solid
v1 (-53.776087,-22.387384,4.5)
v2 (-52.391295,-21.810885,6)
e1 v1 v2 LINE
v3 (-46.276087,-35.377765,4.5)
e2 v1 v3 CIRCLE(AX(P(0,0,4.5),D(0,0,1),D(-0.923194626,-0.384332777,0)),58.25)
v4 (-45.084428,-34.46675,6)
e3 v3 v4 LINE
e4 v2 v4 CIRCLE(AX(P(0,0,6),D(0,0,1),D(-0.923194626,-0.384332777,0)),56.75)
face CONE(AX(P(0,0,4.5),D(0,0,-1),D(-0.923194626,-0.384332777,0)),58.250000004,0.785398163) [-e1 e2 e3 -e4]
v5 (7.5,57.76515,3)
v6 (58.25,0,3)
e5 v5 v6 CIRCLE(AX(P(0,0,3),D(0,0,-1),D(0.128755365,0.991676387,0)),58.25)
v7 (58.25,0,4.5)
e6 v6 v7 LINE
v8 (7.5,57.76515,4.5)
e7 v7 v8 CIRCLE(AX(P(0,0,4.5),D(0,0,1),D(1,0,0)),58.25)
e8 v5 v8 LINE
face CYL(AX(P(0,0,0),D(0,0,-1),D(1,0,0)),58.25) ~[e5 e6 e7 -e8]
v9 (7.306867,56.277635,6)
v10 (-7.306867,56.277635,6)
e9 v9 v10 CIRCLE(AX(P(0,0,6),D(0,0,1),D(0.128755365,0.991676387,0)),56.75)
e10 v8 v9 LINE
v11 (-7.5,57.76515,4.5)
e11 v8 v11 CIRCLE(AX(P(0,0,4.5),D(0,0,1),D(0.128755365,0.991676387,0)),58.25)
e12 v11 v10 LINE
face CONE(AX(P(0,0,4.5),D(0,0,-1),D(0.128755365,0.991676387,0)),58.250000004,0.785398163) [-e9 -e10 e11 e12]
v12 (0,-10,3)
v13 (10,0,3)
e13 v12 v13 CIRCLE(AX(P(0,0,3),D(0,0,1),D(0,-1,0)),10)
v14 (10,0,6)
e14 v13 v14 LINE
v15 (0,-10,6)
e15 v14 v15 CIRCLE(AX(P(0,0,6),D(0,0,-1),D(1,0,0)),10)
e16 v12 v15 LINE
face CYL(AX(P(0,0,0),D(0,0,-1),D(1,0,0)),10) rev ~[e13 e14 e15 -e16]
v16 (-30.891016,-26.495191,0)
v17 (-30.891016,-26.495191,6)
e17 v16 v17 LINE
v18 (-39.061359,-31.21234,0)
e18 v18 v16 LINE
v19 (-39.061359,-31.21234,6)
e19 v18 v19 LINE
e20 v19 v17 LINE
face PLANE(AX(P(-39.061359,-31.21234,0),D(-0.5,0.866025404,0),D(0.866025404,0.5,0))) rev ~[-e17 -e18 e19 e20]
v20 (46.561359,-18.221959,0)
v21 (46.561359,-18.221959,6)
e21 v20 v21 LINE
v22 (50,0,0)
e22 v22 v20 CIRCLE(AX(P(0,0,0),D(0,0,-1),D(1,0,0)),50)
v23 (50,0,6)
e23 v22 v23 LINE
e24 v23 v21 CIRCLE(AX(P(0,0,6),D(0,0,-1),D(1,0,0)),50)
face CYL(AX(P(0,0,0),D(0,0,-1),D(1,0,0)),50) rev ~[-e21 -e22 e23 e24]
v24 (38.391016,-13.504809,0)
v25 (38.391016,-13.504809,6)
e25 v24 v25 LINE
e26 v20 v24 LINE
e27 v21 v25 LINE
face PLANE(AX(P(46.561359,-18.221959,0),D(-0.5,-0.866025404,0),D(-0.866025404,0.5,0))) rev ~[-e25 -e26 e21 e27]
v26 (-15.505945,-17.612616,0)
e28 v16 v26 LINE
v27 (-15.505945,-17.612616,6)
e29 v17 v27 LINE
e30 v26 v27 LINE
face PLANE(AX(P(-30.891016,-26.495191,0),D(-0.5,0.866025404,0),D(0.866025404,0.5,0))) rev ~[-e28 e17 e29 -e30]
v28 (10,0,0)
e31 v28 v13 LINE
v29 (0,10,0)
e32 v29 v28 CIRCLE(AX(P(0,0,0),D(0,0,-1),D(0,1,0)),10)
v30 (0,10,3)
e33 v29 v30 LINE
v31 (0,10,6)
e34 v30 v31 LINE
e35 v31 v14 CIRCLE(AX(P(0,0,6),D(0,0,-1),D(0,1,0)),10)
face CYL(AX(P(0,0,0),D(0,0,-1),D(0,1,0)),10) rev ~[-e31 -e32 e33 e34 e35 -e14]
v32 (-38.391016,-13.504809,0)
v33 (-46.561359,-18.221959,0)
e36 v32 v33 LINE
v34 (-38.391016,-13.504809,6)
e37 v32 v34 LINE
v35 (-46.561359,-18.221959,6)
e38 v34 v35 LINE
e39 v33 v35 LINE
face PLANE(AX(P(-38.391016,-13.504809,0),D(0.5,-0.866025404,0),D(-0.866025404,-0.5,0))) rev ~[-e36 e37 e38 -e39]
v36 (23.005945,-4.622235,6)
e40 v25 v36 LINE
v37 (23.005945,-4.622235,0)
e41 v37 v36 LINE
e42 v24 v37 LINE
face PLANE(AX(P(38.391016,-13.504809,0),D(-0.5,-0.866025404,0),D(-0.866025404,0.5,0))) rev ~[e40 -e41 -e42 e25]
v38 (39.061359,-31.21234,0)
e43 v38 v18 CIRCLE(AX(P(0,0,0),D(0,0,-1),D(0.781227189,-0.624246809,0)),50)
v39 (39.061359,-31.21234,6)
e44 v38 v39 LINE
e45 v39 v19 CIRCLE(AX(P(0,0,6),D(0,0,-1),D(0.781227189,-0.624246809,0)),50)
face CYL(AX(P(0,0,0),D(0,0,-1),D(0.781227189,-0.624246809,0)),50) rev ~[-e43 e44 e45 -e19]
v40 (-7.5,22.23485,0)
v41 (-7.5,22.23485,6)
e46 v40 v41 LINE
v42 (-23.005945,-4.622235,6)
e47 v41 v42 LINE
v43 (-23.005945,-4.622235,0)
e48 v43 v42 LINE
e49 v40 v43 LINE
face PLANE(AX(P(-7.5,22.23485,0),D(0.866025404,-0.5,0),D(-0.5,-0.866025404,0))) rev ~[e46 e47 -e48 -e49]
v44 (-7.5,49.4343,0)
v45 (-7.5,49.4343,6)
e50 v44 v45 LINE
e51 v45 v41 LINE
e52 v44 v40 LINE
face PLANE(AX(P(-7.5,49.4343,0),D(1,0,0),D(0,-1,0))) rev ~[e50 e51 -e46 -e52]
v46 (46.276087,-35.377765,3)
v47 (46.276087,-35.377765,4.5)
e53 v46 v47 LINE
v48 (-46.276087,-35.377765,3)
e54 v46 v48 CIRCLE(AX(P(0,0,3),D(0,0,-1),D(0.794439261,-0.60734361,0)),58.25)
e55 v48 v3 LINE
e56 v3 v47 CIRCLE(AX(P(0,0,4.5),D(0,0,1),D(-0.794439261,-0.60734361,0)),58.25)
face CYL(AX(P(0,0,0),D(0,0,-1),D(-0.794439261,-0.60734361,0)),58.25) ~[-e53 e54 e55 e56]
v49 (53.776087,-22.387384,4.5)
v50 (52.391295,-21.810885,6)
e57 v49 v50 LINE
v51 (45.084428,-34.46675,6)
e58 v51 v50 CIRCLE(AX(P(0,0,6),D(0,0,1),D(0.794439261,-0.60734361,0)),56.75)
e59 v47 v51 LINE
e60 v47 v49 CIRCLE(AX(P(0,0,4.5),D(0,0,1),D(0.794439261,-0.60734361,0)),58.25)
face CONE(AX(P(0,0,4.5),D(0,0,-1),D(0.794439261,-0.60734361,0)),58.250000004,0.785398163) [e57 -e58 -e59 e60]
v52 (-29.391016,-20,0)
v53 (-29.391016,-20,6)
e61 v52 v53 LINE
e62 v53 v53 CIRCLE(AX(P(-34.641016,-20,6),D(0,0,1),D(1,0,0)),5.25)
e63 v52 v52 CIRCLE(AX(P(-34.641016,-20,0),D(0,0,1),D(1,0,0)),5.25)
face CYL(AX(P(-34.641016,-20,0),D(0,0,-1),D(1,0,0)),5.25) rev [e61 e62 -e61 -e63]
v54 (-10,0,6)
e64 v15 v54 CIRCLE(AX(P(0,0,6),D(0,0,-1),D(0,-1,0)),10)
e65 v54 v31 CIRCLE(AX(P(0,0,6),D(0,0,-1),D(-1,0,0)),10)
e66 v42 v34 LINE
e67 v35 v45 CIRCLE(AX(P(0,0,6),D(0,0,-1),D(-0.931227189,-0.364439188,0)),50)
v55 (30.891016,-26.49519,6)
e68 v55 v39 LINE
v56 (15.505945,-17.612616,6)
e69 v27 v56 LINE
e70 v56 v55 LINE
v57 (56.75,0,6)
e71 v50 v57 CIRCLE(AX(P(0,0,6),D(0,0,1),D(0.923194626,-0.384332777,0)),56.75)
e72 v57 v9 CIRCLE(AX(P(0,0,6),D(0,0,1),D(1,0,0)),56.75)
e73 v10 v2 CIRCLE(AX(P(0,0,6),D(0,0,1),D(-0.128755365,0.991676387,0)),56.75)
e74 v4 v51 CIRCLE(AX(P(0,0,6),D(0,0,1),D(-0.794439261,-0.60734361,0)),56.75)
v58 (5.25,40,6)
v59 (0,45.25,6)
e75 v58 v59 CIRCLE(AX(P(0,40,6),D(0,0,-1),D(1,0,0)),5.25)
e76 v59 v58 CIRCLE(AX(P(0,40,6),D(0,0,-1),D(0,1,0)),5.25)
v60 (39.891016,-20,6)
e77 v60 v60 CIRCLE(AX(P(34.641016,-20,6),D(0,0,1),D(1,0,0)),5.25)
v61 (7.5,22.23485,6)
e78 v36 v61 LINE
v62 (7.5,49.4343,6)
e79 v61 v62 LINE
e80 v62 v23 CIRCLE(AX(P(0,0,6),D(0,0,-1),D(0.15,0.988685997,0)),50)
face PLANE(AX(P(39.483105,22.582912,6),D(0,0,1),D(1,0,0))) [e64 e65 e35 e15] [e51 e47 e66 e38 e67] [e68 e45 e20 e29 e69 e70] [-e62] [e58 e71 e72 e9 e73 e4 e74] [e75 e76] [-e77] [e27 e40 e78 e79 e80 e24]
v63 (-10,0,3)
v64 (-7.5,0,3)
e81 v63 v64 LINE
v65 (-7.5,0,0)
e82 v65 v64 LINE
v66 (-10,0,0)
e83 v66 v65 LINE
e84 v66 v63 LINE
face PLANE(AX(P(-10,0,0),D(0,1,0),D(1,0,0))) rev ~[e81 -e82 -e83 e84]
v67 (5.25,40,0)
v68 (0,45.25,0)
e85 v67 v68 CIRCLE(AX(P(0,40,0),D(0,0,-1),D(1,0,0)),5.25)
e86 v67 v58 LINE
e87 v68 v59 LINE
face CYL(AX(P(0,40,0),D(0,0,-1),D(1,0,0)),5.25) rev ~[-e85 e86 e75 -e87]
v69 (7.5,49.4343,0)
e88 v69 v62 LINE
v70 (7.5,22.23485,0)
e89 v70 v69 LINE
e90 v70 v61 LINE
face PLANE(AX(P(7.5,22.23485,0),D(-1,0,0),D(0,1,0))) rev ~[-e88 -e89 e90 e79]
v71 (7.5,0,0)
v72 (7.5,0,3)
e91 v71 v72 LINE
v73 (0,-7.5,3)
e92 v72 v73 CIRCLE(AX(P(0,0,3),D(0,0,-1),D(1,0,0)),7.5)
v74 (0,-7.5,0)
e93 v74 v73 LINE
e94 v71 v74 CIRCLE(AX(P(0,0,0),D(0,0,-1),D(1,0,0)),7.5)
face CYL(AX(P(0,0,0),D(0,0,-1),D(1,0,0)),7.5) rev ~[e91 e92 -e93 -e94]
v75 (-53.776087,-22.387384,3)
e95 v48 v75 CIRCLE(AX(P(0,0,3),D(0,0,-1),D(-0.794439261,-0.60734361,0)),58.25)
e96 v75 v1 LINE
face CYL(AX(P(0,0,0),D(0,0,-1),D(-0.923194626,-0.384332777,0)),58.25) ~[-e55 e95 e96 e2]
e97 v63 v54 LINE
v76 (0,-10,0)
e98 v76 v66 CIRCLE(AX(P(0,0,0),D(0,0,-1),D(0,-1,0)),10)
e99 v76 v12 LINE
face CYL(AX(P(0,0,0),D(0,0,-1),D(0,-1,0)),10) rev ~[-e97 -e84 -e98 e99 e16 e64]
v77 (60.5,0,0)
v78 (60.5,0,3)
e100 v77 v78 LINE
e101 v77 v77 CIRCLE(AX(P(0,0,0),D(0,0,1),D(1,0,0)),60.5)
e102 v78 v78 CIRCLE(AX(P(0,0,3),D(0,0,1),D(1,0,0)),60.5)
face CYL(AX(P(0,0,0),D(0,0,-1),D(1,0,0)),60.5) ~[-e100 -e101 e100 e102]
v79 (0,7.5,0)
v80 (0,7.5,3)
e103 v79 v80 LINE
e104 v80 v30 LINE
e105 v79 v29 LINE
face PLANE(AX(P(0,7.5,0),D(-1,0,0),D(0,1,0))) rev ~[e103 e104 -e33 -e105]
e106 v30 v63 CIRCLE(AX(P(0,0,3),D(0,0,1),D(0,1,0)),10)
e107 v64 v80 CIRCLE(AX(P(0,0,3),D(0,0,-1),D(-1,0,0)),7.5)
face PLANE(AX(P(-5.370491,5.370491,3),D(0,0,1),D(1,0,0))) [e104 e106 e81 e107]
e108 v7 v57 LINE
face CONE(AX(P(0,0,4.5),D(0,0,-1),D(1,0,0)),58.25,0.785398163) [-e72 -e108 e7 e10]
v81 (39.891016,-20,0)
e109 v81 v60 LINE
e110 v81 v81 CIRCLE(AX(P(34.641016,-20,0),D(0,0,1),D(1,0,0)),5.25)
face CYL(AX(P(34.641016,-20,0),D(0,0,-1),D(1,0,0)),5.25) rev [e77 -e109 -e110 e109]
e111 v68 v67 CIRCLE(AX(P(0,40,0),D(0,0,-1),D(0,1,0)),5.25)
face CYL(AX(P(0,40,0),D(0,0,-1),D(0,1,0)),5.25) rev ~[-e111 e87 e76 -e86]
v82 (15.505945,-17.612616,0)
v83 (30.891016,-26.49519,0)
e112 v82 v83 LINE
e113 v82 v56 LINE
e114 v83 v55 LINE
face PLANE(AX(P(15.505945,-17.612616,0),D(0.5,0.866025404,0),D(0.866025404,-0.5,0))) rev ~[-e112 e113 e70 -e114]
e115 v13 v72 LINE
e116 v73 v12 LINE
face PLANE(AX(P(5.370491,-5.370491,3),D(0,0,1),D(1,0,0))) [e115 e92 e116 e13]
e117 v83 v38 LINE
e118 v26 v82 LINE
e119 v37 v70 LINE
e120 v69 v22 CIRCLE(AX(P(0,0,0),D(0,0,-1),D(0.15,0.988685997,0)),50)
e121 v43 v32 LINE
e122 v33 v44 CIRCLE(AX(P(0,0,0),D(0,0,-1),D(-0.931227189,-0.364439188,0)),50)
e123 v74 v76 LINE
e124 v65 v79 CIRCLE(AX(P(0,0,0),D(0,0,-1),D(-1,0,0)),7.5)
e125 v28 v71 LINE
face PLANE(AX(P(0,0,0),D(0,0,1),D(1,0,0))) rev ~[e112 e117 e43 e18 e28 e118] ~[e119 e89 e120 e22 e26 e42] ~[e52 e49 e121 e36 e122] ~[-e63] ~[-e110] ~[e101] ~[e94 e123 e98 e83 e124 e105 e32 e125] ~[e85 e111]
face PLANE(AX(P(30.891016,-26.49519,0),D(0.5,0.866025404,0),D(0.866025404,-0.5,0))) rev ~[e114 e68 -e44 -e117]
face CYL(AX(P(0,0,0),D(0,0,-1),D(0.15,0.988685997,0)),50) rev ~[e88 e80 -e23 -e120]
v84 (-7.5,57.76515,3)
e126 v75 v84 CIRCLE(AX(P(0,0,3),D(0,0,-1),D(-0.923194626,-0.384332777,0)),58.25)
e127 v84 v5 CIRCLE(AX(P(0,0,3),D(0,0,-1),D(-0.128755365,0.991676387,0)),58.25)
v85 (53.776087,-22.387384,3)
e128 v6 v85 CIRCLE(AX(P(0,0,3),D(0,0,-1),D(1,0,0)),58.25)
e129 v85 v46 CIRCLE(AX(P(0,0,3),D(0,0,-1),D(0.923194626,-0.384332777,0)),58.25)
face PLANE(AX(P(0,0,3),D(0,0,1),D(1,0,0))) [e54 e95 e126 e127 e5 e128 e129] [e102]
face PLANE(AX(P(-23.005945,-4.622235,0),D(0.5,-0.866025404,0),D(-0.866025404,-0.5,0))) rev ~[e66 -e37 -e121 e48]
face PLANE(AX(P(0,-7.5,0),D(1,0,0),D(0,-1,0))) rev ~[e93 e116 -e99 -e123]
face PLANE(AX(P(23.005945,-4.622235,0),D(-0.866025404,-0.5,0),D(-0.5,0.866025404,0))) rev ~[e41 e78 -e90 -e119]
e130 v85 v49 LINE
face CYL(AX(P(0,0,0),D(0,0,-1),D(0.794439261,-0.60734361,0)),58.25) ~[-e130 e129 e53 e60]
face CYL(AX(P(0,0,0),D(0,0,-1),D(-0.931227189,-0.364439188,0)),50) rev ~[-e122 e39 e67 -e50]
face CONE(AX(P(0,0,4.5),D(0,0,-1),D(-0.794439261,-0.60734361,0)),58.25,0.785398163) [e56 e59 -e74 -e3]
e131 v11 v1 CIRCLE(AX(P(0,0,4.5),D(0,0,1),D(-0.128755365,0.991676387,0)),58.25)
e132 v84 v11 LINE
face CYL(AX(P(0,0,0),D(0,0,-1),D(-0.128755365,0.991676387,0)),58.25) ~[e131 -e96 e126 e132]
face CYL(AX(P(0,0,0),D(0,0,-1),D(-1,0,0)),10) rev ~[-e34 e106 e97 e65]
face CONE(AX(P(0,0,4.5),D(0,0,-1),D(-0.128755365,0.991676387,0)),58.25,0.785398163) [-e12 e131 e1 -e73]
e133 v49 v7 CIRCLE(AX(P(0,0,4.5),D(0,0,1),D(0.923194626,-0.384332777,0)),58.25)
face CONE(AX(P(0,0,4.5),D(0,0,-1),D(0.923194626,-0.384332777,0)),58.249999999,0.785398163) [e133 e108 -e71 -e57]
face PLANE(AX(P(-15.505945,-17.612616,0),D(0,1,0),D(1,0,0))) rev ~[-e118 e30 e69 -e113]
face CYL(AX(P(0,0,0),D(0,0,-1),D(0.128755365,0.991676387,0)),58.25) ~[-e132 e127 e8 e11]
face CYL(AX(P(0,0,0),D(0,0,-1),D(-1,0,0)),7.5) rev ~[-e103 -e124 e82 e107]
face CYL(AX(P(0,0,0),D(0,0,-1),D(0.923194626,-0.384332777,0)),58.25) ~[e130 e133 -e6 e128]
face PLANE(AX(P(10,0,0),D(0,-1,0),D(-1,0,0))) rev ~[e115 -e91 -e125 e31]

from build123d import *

# Parameters (mm, degrees)
F0_R     = 5.25
F1_DEPTH = 6
F0_R_2   = 60.5
F2_DEPTH = 3
F3_SIZE  = 1.5


with BuildPart() as f1:
    # F0 (on Top) → F1 (new body)
    with BuildSketch(Plane.XY):
        with BuildLine():
            ThreePointArc((7.5, 49.4342998332), (37.9143772203, 32.596012026), (50, 0))
            ThreePointArc((50, 0), (49.1328198544, -9.2717858665), (46.5613594739, -18.2219593882))
            Line((46.5613594739, -18.2219593882), (53.7760869447, -22.3873842357))
            ThreePointArc((53.7760869447, -22.3873842357), (57.1205723209, -11.4150215828), (58.25, 0))
            ThreePointArc((58.25, 0), (43.7603559172, 38.4459848359), (7.5, 57.7651495281))
            Line((7.5, 57.7651495281), (7.5, 49.4342998332))
        make_face()
        with BuildLine():
            ThreePointArc((0, 50), (3.7606520937, 49.8583743801), (7.5, 49.4342998332))
            Line((7.5, 49.4342998332), (7.5, 57.7651495281))
            Line((7.5, 57.7651495281), (-7.5, 57.7651495281))
            Line((-7.5, 57.7651495281), (-7.5, 49.4342998332))
            ThreePointArc((-7.5, 49.4342998332), (-3.7606520937, 49.8583743801), (0, 50))
        make_face()
        with BuildLine():
            ThreePointArc((-46.5613594739, -18.2219593882), (-43.3012701892, 25), (-7.5, 49.4342998332))
            Line((-7.5, 49.4342998332), (-7.5, 57.7651495281))
            ThreePointArc((-7.5, 57.7651495281), (-50.4459797704, 29.125), (-53.7760869447, -22.3873842357))
            Line((-53.7760869447, -22.3873842357), (-46.5613594739, -18.2219593882))
        make_face()
        with BuildLine():
            Line((-46.2760869447, -35.3777652924), (-39.0613594739, -31.212340445))
            ThreePointArc((-39.0613594739, -31.212340445), (-43.3012701892, -25), (-46.5613594739, -18.2219593882))
            Line((-46.5613594739, -18.2219593882), (-53.7760869447, -22.3873842357))
            ThreePointArc((-53.7760869447, -22.3873842357), (-50.4459797704, -29.125), (-46.2760869447, -35.3777652924))
        make_face()
        with BuildLine():
            Line((46.2760869447, -35.3777652924), (39.0613594739, -31.212340445))
            ThreePointArc((39.0613594739, -31.212340445), (0, -50), (-39.0613594739, -31.212340445))
            Line((-39.0613594739, -31.212340445), (-46.2760869447, -35.3777652924))
            ThreePointArc((-46.2760869447, -35.3777652924), (0, -58.25), (46.2760869447, -35.3777652924))
        make_face()
        with BuildLine():
            Line((53.7760869447, -22.3873842357), (46.5613594739, -18.2219593882))
            ThreePointArc((46.5613594739, -18.2219593882), (43.3012701892, -25), (39.0613594739, -31.212340445))
            Line((39.0613594739, -31.212340445), (46.2760869447, -35.3777652924))
            ThreePointArc((46.2760869447, -35.3777652924), (50.4459797704, -29.125), (53.7760869447, -22.3873842357))
        make_face()
        with BuildLine():
            Line((-7.5, 57.7651495281), (7.5, 57.7651495281))
            ThreePointArc((7.5, 57.7651495281), (0, 58.25), (-7.5, 57.7651495281))
        make_face()
        with BuildLine():
            Line((7.5, 40), (7.5, 49.4342998332))
            ThreePointArc((7.5, 49.4342998332), (3.7606520937, 49.8583743801), (0, 50))
            Line((0, 50), (0, 47.5))
            ThreePointArc((0, 47.5), (5.3033008589, 45.3033008589), (7.5, 40))
        make_face()
        with BuildLine():
            Line((0, 47.5), (0, 50))
            ThreePointArc((0, 50), (-3.7606520937, 49.8583743801), (-7.5, 49.4342998332))
            Line((-7.5, 49.4342998332), (-7.5, 40))
            ThreePointArc((-7.5, 40), (-5.3033008589, 45.3033008589), (0, 47.5))
        make_face()
        with BuildLine():
            ThreePointArc((-7.5, 40), (0, 32.5), (7.5, 40))
            ThreePointArc((7.5, 40), (5.3033008589, 45.3033008589), (0, 47.5))
            ThreePointArc((0, 47.5), (-5.3033008589, 45.3033008589), (-7.5, 40))
        make_face()
        with BuildLine():
            ThreePointArc((5.25, 40), (-3.7123106012, 36.2876893988), (0, 45.25))
            ThreePointArc((0, 45.25), (3.7123106012, 43.7123106012), (5.25, 40))
        make_face(mode=Mode.SUBTRACT)
        with BuildLine():
            ThreePointArc((39.0613594739, -31.212340445), (43.3012701892, -25), (46.5613594739, -18.2219593882))
            Line((46.5613594739, -18.2219593882), (38.3910161948, -13.5048094967))
            ThreePointArc((38.3910161948, -13.5048094967), (41.1362066923, -16.2500000217), (42.1410161514, -20))
            ThreePointArc((42.1410161514, -20), (38.3910161049, -26.4951905552), (30.8910160584, -26.4951904747))
            Line((30.8910160584, -26.4951904747), (39.0613594739, -31.212340445))
        make_face()
        with BuildLine():
            ThreePointArc((42.1410161514, -20), (41.1362066923, -16.2500000217), (38.3910161948, -13.5048094967))
            ThreePointArc((38.3910161948, -13.5048094967), (28.1458256624, -16.2499999318), (30.8910160584, -26.4951904747))
            ThreePointArc((30.8910160584, -26.4951904747), (38.3910161049, -26.4951905552), (42.1410161514, -20))
        make_face()
        with Locations((34.6410161514, -20)):
            Circle(F0_R, mode=Mode.SUBTRACT)
        with BuildLine():
            ThreePointArc((-38.3910159202, -13.5048093381), (-41.1362067455, -23.7499998861), (-30.891016148, -26.4951905264))
            ThreePointArc((-30.891016148, -26.4951905264), (-28.145825622, -23.7499999983), (-27.1410161514, -20))
            ThreePointArc((-27.1410161514, -20), (-30.8910160358, -13.5048095384), (-38.3910159202, -13.5048093381))
        make_face()
        with Locations((-34.6410161514, -20)):
            Circle(F0_R, mode=Mode.SUBTRACT)
        with BuildLine():
            ThreePointArc((-46.5613594739, -18.2219593882), (-43.3012701892, -25), (-39.0613594739, -31.212340445))
            Line((-39.0613594739, -31.212340445), (-30.891016148, -26.4951905264))
            ThreePointArc((-30.891016148, -26.4951905264), (-41.1362067455, -23.7499998861), (-38.3910159202, -13.5048093381))
            Line((-38.3910159202, -13.5048093381), (-46.5613594739, -18.2219593882))
        make_face()
        with BuildLine():
            Line((7.5, 22.2348504719), (7.5, 40))
            ThreePointArc((7.5, 40), (0, 32.5), (-7.5, 40))
            Line((-7.5, 40), (-7.5, 22.2348504719))
            Line((-7.5, 22.2348504719), (7.5, 22.2348504719))
        make_face()
        with BuildLine():
            ThreePointArc((30.8910160584, -26.4951904747), (28.1458256624, -16.2499999318), (38.3910161948, -13.5048094967))
            Line((38.3910161948, -13.5048094967), (23.005945358, -4.6222347076))
            Line((23.005945358, -4.6222347076), (7.5, 22.2348504719))
            Line((7.5, 22.2348504719), (-7.5, 22.2348504719))
            Line((-7.5, 22.2348504719), (-23.005945358, -4.6222347076))
            Line((-23.005945358, -4.6222347076), (-38.3910159202, -13.5048093381))
            ThreePointArc((-38.3910159202, -13.5048093381), (-30.8910160358, -13.5048095384), (-27.1410161514, -20))
            ThreePointArc((-27.1410161514, -20), (-28.145825622, -23.7499999983), (-30.891016148, -26.4951905264))
            Line((-30.891016148, -26.4951905264), (-15.505945358, -17.6126157643))
            Line((-15.505945358, -17.6126157643), (15.505945358, -17.6126157643))
            Line((15.505945358, -17.6126157643), (30.8910160584, -26.4951904747))
        make_face()
        with BuildLine():
            ThreePointArc((0, 10), (7.0710678119, 7.0710678119), (10, 0))
            ThreePointArc((10, 0), (7.0710678119, -7.0710678119), (0, -10))
            ThreePointArc((0, -10), (-7.0710678119, -7.0710678119), (-10, 0))
            ThreePointArc((-10, 0), (-7.0710678119, 7.0710678119), (0, 10))
        make_face(mode=Mode.SUBTRACT)
    extrude(amount=F1_DEPTH)

    # F0 (on Top) → F2 (join)
    with BuildSketch(Plane.XY):
        Circle(F0_R_2)
        with BuildLine():
            ThreePointArc((-7.5, 57.7651495281), (0, 58.25), (7.5, 57.7651495281))
            ThreePointArc((7.5, 57.7651495281), (43.7603559172, 38.4459848359), (58.25, 0))
            ThreePointArc((58.25, 0), (57.1205723209, -11.4150215828), (53.7760869447, -22.3873842357))
            ThreePointArc((53.7760869447, -22.3873842357), (50.4459797704, -29.125), (46.2760869447, -35.3777652924))
            ThreePointArc((46.2760869447, -35.3777652924), (0, -58.25), (-46.2760869447, -35.3777652924))
            ThreePointArc((-46.2760869447, -35.3777652924), (-50.4459797704, -29.125), (-53.7760869447, -22.3873842357))
            ThreePointArc((-53.7760869447, -22.3873842357), (-50.4459797704, 29.125), (-7.5, 57.7651495281))
        make_face(mode=Mode.SUBTRACT)
        with BuildLine():
            ThreePointArc((-7.5, 0), (-5.3033008589, 5.3033008589), (0, 7.5))
            Line((0, 7.5), (0, 10))
            ThreePointArc((0, 10), (-7.0710678119, 7.0710678119), (-10, 0))
            Line((-10, 0), (-7.5, 0))
        make_face()
        with BuildLine():
            Line((10, 0), (7.5, 0))
            ThreePointArc((7.5, 0), (5.3033008589, -5.3033008589), (0, -7.5))
            Line((0, -7.5), (0, -10))
            ThreePointArc((0, -10), (7.0710678119, -7.0710678119), (10, 0))
        make_face()
    extrude(amount=F2_DEPTH)

    # F3
    f3_edges = [f1.edges().sort_by_distance(p)[0] for p in [
        (-7.5, -57.76515, 6),
    ]]
    chamfer(f3_edges, length=F3_SIZE)


solid = f1.part
